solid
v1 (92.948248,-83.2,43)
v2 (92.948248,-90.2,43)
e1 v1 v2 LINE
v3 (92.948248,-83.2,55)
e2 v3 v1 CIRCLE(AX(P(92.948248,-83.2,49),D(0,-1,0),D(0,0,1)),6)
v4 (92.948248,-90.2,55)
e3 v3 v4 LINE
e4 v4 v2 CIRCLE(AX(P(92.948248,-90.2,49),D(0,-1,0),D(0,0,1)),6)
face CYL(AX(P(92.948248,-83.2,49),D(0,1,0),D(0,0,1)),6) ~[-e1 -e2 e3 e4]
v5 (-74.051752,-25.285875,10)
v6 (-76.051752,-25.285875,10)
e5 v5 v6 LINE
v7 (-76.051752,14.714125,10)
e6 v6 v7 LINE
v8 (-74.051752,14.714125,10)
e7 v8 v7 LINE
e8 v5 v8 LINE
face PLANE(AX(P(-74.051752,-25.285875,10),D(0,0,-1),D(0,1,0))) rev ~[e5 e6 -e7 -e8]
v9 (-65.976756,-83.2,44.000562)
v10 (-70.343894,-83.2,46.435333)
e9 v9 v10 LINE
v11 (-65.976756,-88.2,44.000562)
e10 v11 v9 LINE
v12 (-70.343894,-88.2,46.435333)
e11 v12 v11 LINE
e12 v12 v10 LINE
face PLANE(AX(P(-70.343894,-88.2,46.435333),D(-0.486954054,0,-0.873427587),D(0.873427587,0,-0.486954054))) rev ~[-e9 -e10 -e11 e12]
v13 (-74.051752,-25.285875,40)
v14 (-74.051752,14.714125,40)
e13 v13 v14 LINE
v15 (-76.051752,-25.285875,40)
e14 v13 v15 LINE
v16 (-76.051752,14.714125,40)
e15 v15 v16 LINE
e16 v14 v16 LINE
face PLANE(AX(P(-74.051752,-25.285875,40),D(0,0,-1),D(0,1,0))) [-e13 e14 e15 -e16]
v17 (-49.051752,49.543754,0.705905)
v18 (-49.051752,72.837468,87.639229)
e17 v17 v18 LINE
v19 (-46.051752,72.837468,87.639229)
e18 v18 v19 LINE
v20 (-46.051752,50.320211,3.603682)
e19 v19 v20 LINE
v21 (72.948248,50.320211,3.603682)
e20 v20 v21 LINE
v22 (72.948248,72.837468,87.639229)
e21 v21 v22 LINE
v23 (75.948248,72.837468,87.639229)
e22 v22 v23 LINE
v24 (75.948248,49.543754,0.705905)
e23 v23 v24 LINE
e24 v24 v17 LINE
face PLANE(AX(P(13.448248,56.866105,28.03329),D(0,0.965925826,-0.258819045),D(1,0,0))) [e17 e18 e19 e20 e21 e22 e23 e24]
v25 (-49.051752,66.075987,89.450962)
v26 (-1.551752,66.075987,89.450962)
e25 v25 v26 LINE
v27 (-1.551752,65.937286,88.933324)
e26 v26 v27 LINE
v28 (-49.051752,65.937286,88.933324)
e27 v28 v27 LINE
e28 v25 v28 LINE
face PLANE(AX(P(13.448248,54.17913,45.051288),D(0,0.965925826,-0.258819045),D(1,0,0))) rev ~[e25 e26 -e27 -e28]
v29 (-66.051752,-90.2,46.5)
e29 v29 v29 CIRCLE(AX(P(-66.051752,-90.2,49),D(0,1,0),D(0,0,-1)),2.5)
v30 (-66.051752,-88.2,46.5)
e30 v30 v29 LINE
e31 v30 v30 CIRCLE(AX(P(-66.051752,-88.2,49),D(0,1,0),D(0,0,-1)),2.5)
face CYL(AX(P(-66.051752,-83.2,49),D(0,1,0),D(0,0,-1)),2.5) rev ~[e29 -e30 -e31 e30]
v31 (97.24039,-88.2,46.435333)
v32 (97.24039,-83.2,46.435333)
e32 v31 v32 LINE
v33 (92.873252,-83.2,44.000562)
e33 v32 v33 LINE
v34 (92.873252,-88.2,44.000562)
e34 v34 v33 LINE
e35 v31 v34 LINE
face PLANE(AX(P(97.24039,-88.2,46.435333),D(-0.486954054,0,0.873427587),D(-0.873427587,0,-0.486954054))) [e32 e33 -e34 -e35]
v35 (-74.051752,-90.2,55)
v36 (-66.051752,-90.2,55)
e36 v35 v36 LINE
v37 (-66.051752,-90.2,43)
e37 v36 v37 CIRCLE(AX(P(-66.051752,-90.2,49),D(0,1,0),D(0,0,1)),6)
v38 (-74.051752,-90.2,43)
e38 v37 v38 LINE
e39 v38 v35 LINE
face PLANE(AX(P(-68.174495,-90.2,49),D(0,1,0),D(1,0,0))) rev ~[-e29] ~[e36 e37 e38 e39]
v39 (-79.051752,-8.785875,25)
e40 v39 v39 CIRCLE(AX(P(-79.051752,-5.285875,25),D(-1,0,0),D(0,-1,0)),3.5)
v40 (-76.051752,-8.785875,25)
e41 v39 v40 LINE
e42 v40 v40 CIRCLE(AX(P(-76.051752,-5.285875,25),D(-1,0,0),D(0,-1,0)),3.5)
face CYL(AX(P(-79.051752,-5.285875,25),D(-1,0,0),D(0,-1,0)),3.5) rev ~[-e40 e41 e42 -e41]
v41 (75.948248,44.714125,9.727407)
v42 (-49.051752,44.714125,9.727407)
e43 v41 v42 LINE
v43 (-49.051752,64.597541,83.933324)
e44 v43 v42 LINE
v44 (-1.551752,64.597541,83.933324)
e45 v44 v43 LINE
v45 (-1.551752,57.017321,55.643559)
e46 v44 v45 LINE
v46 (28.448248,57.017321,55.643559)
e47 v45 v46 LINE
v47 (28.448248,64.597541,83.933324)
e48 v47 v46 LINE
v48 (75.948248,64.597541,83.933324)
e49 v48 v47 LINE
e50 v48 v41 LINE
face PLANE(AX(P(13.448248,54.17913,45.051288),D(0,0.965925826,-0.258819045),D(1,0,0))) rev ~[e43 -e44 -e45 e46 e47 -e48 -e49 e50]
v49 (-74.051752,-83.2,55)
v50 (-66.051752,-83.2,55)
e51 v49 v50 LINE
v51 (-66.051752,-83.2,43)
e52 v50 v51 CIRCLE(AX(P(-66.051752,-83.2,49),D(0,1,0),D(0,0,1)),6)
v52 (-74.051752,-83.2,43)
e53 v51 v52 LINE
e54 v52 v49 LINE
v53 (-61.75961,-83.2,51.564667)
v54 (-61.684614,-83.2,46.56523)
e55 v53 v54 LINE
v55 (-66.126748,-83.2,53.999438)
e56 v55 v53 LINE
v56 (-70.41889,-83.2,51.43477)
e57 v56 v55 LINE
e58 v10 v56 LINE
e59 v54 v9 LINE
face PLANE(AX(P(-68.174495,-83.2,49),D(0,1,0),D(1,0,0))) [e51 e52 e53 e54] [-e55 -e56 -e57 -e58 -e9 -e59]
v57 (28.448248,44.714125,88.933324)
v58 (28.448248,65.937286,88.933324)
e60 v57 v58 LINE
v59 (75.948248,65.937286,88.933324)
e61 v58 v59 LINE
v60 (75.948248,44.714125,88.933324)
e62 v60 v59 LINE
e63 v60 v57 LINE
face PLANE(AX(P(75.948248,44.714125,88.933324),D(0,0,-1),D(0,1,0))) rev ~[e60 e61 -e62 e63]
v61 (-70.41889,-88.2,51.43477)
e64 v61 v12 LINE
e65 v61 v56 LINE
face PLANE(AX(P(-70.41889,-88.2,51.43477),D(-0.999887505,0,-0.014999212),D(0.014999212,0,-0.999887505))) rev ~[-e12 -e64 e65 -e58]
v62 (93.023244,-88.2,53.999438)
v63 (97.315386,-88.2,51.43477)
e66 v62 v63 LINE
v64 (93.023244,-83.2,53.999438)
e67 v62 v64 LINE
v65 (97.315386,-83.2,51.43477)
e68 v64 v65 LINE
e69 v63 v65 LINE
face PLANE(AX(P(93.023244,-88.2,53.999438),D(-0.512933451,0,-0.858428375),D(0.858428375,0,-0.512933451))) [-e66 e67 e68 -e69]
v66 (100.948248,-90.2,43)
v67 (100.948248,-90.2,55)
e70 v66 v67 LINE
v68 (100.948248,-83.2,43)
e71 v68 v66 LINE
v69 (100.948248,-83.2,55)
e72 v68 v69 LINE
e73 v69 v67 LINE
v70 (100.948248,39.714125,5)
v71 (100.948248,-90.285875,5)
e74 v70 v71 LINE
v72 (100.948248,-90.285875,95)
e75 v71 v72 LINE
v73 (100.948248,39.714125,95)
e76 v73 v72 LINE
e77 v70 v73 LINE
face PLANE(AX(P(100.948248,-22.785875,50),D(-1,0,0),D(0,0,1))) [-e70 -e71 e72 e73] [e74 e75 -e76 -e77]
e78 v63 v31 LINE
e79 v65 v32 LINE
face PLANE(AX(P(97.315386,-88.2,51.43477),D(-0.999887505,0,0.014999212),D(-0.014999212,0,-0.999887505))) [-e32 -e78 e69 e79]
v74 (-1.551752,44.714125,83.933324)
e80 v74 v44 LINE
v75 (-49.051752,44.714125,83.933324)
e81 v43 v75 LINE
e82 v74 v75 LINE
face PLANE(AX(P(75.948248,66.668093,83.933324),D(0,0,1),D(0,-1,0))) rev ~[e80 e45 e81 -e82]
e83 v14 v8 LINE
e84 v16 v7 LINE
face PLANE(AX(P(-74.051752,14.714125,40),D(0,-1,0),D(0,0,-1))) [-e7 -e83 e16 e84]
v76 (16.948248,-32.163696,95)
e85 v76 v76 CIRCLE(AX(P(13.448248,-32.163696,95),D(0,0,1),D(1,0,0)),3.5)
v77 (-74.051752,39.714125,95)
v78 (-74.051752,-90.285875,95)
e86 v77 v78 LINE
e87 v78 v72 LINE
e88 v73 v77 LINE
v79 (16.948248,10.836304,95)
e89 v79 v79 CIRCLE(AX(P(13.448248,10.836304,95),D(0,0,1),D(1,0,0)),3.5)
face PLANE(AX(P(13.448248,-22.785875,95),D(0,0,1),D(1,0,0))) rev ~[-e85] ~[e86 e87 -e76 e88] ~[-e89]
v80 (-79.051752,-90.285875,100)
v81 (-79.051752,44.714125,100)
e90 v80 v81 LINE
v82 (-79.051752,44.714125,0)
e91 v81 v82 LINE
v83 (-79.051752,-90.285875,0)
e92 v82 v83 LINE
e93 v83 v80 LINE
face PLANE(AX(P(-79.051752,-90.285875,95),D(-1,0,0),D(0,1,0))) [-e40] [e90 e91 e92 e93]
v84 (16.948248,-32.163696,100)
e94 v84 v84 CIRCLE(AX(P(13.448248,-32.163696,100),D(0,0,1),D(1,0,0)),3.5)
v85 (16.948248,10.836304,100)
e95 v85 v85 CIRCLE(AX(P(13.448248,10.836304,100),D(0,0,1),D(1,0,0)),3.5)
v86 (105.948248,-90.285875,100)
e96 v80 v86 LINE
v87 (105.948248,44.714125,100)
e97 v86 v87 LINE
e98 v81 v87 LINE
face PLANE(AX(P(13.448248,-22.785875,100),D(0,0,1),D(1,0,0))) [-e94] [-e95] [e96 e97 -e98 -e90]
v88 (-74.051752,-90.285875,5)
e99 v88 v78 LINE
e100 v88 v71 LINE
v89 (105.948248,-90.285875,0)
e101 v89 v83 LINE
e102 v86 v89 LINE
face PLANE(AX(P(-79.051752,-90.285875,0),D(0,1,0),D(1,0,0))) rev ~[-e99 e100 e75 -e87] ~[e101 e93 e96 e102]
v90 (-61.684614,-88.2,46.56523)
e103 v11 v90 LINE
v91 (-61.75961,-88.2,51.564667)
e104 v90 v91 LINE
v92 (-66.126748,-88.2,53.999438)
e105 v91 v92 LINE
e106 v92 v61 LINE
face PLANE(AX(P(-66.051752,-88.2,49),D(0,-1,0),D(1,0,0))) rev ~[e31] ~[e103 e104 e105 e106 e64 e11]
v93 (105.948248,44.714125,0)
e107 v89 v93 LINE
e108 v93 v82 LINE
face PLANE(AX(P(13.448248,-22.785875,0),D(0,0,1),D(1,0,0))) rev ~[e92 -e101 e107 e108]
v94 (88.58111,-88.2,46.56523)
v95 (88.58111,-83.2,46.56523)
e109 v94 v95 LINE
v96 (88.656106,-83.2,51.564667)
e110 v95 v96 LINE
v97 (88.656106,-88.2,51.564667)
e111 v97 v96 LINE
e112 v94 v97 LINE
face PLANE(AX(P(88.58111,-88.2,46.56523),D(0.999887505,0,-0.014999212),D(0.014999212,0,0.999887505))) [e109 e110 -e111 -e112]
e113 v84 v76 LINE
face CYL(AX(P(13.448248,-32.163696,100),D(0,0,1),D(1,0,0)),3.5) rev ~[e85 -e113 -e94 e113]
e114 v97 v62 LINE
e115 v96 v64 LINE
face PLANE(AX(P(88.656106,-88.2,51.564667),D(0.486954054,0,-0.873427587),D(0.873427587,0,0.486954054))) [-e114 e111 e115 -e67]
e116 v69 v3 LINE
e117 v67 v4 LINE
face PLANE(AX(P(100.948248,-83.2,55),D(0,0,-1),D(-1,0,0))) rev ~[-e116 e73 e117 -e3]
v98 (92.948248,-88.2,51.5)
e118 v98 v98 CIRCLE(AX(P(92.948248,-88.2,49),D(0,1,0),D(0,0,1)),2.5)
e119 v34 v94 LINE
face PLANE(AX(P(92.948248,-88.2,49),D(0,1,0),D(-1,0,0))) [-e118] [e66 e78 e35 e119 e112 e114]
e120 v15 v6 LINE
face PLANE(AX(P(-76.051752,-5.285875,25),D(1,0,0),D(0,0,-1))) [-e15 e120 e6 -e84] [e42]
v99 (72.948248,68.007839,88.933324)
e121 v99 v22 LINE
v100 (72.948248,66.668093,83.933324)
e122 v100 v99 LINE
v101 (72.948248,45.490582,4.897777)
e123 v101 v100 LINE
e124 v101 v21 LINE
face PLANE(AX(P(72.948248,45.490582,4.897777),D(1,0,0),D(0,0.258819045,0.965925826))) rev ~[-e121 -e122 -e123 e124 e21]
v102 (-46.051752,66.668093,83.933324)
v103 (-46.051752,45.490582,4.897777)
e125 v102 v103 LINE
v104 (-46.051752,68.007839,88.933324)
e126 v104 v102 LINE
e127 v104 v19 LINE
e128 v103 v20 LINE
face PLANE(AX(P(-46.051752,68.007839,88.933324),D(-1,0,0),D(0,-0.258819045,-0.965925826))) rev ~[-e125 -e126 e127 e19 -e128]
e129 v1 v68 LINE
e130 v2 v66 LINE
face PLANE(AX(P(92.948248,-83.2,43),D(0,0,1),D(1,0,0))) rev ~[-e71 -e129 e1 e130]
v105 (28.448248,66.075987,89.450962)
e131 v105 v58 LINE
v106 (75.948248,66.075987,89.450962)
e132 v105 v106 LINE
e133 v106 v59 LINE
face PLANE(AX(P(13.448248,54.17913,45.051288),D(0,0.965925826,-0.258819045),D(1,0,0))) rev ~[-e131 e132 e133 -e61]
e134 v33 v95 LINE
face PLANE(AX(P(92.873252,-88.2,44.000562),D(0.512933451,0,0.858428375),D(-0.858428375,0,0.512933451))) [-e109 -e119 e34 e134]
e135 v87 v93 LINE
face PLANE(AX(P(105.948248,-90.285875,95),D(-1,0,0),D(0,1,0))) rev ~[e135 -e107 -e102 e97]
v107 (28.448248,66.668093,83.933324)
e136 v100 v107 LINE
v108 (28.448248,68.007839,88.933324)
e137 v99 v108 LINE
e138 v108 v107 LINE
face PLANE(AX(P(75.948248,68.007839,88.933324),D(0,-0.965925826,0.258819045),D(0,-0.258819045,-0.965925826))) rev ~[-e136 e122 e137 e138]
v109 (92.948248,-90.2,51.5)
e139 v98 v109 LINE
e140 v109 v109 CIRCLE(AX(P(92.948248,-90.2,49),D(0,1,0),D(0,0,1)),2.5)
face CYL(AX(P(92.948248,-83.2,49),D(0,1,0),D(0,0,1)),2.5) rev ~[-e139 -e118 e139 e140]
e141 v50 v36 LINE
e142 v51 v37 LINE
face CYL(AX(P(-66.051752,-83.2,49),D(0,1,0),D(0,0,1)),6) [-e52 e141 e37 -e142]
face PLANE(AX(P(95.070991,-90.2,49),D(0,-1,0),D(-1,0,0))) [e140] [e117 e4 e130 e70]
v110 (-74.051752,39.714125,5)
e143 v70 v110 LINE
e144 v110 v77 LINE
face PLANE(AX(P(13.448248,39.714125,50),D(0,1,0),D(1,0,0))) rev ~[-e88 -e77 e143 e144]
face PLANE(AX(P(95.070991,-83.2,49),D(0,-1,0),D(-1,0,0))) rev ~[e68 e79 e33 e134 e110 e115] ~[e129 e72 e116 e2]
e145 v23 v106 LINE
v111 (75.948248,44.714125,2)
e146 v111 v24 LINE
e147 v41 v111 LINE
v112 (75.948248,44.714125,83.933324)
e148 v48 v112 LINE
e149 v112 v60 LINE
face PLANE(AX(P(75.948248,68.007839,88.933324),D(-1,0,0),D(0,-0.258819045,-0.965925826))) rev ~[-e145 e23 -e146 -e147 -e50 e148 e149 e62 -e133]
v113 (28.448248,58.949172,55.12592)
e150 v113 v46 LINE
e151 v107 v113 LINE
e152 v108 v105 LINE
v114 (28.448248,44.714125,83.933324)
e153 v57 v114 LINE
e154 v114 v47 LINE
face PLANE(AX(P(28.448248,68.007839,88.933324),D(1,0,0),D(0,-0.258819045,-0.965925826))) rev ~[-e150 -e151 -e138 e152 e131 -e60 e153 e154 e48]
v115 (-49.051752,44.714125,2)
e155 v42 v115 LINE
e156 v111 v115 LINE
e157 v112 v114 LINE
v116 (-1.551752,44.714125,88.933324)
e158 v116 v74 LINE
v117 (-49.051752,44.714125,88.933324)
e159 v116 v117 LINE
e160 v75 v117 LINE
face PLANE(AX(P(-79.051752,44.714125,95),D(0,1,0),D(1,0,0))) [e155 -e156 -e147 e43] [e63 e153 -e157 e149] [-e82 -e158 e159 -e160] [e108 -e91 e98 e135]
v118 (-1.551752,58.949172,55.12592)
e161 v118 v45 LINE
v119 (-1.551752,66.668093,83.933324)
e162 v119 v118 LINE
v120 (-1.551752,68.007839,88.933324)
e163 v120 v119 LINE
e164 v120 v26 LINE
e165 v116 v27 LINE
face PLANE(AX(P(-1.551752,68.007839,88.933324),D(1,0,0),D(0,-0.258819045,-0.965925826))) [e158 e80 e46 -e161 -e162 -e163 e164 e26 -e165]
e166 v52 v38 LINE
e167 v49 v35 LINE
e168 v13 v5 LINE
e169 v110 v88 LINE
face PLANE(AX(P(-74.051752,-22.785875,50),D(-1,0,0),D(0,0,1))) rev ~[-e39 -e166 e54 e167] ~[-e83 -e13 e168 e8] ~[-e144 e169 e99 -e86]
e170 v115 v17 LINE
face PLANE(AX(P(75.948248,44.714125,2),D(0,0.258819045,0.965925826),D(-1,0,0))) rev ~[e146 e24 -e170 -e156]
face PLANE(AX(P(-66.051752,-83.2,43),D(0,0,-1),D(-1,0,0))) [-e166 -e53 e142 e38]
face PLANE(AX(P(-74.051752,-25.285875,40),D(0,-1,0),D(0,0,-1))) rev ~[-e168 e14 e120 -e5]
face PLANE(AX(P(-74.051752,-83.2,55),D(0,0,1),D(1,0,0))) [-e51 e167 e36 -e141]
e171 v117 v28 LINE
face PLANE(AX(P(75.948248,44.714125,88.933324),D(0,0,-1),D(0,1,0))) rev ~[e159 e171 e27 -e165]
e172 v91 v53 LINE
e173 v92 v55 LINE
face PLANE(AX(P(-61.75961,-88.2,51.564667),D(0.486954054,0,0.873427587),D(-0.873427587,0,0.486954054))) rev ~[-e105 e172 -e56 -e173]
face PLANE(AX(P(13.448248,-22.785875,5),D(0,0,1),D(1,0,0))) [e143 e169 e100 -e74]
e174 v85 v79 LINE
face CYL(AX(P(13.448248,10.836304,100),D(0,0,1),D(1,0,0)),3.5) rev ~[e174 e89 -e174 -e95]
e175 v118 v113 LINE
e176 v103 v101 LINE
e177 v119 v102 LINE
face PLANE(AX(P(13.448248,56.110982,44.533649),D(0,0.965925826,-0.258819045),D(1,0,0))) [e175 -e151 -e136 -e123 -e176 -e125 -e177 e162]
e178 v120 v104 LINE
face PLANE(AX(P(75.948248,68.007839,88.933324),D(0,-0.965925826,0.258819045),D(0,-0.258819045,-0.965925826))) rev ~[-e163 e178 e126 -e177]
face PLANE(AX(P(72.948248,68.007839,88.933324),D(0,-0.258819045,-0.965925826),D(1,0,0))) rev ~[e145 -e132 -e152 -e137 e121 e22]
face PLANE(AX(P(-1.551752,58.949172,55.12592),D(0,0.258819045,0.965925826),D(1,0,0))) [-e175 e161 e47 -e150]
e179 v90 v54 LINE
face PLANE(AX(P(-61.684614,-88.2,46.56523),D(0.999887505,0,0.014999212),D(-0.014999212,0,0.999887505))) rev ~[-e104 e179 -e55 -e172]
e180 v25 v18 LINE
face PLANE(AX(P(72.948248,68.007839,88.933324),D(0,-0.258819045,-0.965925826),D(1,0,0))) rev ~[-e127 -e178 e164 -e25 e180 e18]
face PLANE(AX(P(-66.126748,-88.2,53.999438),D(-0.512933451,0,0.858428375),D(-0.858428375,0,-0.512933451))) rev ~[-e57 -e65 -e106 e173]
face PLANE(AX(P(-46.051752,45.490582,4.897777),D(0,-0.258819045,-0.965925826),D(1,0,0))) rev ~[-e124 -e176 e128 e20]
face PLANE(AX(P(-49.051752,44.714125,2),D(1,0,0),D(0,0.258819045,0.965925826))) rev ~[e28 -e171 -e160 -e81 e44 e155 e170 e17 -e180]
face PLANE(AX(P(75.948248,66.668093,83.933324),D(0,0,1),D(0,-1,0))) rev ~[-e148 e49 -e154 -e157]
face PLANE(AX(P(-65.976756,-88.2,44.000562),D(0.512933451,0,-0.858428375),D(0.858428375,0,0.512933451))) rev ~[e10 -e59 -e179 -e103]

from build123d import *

# Parameters (mm, degrees)
ESBO_O1_W                 = 185
ESBO_O1_H                 = 135
RESSALTO_EXTRUS_O1_DEPTH  = 5
RESSALTO_EXTRUS_O4_START  = 95
ESBO_O1_2_W               = 185
ESBO_O1_2_H               = 135
RESSALTO_EXTRUS_O4_DEPTH  = 5
ESBO_O3_W                 = 185
ESBO_O3_H                 = 100
RESSALTO_EXTRUS_O5_DEPTH  = 5
ESBO_O4_W                 = 100
ESBO_O4_H                 = 135
RESSALTO_EXTRUS_O6_DEPTH  = 5
RESSALTO_EXTRUS_O7_START  = -185
ESBO_O4_3_W               = 100
ESBO_O4_3_H               = 135
RESSALTO_EXTRUS_O7_DEPTH  = 5
ESBO_O8_R                 = 3.5
CORTE_EXTRUS_O1_DEPTH     = 10
RESSALTO_EXTRUS_O10_START = -83.2
ESBO_O10_R                = 2.5
RESSALTO_EXTRUS_O10_DEPTH = 7
CORTE_EXTRUS_O2_START     = -2
CORTE_EXTRUS_O2_DEPTH     = 6
ESBO_O12_R                = 3.5
CORTE_EXTRUS_O4_DEPTH     = 6
ESBO_O13_W                = 30
ESBO_O13_H                = 40
CORTE_EXTRUS_O5_DEPTH     = 2
RESSALTO_EXTRUS_O15_START = -30
RESSALTO_EXTRUS_O15_DEPTH = 125
ESBO_O20_W                = 125
ESBO_O20_H                = 91.931851656
RESSALTO_EXTRUS_O20_DEPTH = 2
RESSALTO_EXTRUS_O21_DEPTH = 5
ESBO_O22_W                = 30
ESBO_O22_H                = 35
CORTE_EXTRUS_O6_DEPTH     = 2
ESBO_O23_W                = 30
ESBO_O23_H                = 21.223161699
CORTE_EXTRUS_O7_DEPTH     = 5


with BuildPart() as part:
    # Esboço1 → Ressalto-extrusão1 (new body)
    with BuildSketch(Plane.XY):
        with Locations((13.448247946, -22.785875217)):
            Rectangle(ESBO_O1_W, ESBO_O1_H)
    extrude(amount=RESSALTO_EXTRUS_O1_DEPTH)



with BuildPart() as body_2:
    # Esboço1<2> → Ressalto-extrusão4 (new body)
    with BuildSketch(Plane.XY.offset(RESSALTO_EXTRUS_O4_START)):
        with Locations((13.448247946, -22.785875217)):
            Rectangle(ESBO_O1_2_W, ESBO_O1_2_H)
    extrude(amount=RESSALTO_EXTRUS_O4_DEPTH)


with BuildPart() as part_1:
    add(part.part)

    add(body_2.part)  # Ressalto-extrusão5 merges body 2
    # Esboço3 → Ressalto-extrusão5 (add)
    with BuildSketch(Plane(origin=(0, 44.714124783, 0), x_dir=(1, 0, 0), z_dir=(0, 1, 0))):
        with Locations((13.448247946, -50)):
            Rectangle(ESBO_O3_W, ESBO_O3_H)
    extrude(amount=-RESSALTO_EXTRUS_O5_DEPTH)

    # Esboço4 → Ressalto-extrusão6 (add)
    with BuildSketch(Plane.ZY.offset(79.051752054)):
        with Locations((50, -22.785875217)):
            Rectangle(ESBO_O4_W, ESBO_O4_H)
    extrude(amount=-RESSALTO_EXTRUS_O6_DEPTH)

    # Esboço4<3> → Ressalto-extrusão7 (add)
    with BuildSketch(Plane.ZY.offset(79.051752054).offset(RESSALTO_EXTRUS_O7_START)):
        with Locations((50, -22.785875217)):
            Rectangle(ESBO_O4_3_W, ESBO_O4_3_H)
    extrude(amount=RESSALTO_EXTRUS_O7_DEPTH)

    # Esboço8 → Corte-extrusão1 (cut)
    with BuildSketch(Plane.XY.offset(100)):
        with Locations((13.448247946, 10.836303666)):
            Circle(ESBO_O8_R)
        with Locations((13.448247946, -32.163696334)):
            Circle(ESBO_O8_R)
    extrude(amount=-CORTE_EXTRUS_O1_DEPTH, mode=Mode.SUBTRACT)

    # Esboço10 → Ressalto-extrusão10 (add)
    # profile 1 of 2: a face of its own
    with BuildSketch(Plane(origin=(0, 0, 0), x_dir=(1, 0, 0), z_dir=(0, 1, 0)).offset(RESSALTO_EXTRUS_O10_START)):
        with BuildLine():
            Line((100.948247946, -55), (92.948247946, -55))
            ThreePointArc((92.948247946, -55), (86.948247946, -49), (92.948247946, -43))
            Line((92.948247946, -43), (100.948247946, -43))
            Line((100.948247946, -43), (100.948247946, -55))
        make_face()
        with Locations((92.948247946, -49)):
            Circle(ESBO_O10_R, mode=Mode.SUBTRACT)
    # profile 2 of 2: a face of its own
    with BuildSketch(Plane(origin=(0, 0, 0), x_dir=(1, 0, 0), z_dir=(0, 1, 0)).offset(RESSALTO_EXTRUS_O10_START)):
        with BuildLine():
            Line((-74.051752054, -43), (-74.051752054, -55))
            Line((-74.051752054, -55), (-66.051752054, -55))
            ThreePointArc((-66.051752054, -55), (-60.051752054, -49), (-66.051752054, -43))
            Line((-66.051752054, -43), (-74.051752054, -43))
        make_face()
        with Locations((-66.051752054, -49)):
            Circle(ESBO_O10_R, mode=Mode.SUBTRACT)
    extrude(amount=-RESSALTO_EXTRUS_O10_DEPTH)

    # Esboço11 → Corte-extrusão2 (cut)
    with BuildSketch(Plane.XZ.offset(90.2).offset(CORTE_EXTRUS_O2_START)):
        Polygon((-61.75961018, 51.564667257), (-66.126748114, 53.999437527), (-70.418889987, 51.43477027), (-70.343893927, 46.435332743), (-65.976755993, 44.000562473), (-61.68461412, 46.56522973), align=None)
        Polygon((88.581110013, 46.56522973), (88.656106073, 51.564667257), (93.023244007, 53.999437527), (97.31538588, 51.43477027), (97.24038982, 46.435332743), (92.873251886, 44.000562473), align=None)
    extrude(amount=-CORTE_EXTRUS_O2_DEPTH, mode=Mode.SUBTRACT)

    # Esboço12 → Corte-extrusão4 (cut)
    with BuildSketch(Plane.ZY.offset(79.051752054)):
        with Locations((25, -5.285875217)):
            Circle(ESBO_O12_R)
    extrude(amount=-CORTE_EXTRUS_O4_DEPTH, mode=Mode.SUBTRACT)

    # Esboço13 → Corte-extrusão5 (cut)
    with BuildSketch(Plane(origin=(-74.051752054, 0, 0), x_dir=(0, 0, -1), z_dir=(1, 0, 0))):
        with Locations((-25, -5.285875217)):
            Rectangle(ESBO_O13_W, ESBO_O13_H)
    extrude(amount=-CORTE_EXTRUS_O5_DEPTH, mode=Mode.SUBTRACT)

    # Esboço15 → Ressalto-extrusão15 (add)
    with BuildSketch(Plane(origin=(105.948247946, 0, 0), x_dir=(0, 0, -1), z_dir=(1, 0, 0)).offset(RESSALTO_EXTRUS_O15_START)):
        Polygon((-83.93332437, 66.66809288), (-83.93332437, 44.714124783), (-88.93332437, 44.714124783), (-88.93332437, 68.007838843), align=None)
    extrude(amount=-RESSALTO_EXTRUS_O15_DEPTH)

    # Esboço20 → Ressalto-extrusão20 (add)
    with BuildSketch(Plane(origin=(0, 41.218846376, -11.044556599), x_dir=(1, 0, 0), z_dir=(0, 0.9659258262890665, -0.25881904510252707))):
        with Locations((13.448247946, -57.538792907)):
            Rectangle(ESBO_O20_W, ESBO_O20_H)
    extrude(amount=-RESSALTO_EXTRUS_O20_DEPTH)

    # Esboço21 → Ressalto-extrusão21 (add)
    with BuildSketch(Plane(origin=(0, 41.218846376, -11.044556599), x_dir=(1, 0, 0), z_dir=(0, 0.9659258262890684, -0.2588190451025204))):
        Polygon((75.948247946, -13.504718735), (-49.051752054, -13.504718735), (-49.051752054, -16.504718735), (-49.051752054, -103.504718735), (-46.051752054, -103.504718735), (-46.051752054, -16.504718735), (72.948247946, -16.504718735), (72.948247946, -103.504718735), (75.948247946, -103.504718735), (75.948247946, -16.504718735), align=None)
    extrude(amount=RESSALTO_EXTRUS_O21_DEPTH)

    # Esboço22 → Corte-extrusão6 (cut)
    with BuildSketch(Plane(origin=(0, 41.218846376, -11.044556599), x_dir=(1, 0, 0), z_dir=(0, 0.9659258262890684, -0.2588190451025204))):
        with Locations((13.448247946, -86.004718735)):
            Rectangle(ESBO_O22_W, ESBO_O22_H)
    extrude(amount=-CORTE_EXTRUS_O6_DEPTH, mode=Mode.SUBTRACT)

    # Esboço23 → Corte-extrusão7 (cut)
    with BuildSketch(Plane.XY.offset(88.93332437)):
        with Locations((13.448247946, 55.325705633)):
            Rectangle(ESBO_O23_W, ESBO_O23_H)
    extrude(amount=-CORTE_EXTRUS_O7_DEPTH, mode=Mode.SUBTRACT)


solid = part_1.part
